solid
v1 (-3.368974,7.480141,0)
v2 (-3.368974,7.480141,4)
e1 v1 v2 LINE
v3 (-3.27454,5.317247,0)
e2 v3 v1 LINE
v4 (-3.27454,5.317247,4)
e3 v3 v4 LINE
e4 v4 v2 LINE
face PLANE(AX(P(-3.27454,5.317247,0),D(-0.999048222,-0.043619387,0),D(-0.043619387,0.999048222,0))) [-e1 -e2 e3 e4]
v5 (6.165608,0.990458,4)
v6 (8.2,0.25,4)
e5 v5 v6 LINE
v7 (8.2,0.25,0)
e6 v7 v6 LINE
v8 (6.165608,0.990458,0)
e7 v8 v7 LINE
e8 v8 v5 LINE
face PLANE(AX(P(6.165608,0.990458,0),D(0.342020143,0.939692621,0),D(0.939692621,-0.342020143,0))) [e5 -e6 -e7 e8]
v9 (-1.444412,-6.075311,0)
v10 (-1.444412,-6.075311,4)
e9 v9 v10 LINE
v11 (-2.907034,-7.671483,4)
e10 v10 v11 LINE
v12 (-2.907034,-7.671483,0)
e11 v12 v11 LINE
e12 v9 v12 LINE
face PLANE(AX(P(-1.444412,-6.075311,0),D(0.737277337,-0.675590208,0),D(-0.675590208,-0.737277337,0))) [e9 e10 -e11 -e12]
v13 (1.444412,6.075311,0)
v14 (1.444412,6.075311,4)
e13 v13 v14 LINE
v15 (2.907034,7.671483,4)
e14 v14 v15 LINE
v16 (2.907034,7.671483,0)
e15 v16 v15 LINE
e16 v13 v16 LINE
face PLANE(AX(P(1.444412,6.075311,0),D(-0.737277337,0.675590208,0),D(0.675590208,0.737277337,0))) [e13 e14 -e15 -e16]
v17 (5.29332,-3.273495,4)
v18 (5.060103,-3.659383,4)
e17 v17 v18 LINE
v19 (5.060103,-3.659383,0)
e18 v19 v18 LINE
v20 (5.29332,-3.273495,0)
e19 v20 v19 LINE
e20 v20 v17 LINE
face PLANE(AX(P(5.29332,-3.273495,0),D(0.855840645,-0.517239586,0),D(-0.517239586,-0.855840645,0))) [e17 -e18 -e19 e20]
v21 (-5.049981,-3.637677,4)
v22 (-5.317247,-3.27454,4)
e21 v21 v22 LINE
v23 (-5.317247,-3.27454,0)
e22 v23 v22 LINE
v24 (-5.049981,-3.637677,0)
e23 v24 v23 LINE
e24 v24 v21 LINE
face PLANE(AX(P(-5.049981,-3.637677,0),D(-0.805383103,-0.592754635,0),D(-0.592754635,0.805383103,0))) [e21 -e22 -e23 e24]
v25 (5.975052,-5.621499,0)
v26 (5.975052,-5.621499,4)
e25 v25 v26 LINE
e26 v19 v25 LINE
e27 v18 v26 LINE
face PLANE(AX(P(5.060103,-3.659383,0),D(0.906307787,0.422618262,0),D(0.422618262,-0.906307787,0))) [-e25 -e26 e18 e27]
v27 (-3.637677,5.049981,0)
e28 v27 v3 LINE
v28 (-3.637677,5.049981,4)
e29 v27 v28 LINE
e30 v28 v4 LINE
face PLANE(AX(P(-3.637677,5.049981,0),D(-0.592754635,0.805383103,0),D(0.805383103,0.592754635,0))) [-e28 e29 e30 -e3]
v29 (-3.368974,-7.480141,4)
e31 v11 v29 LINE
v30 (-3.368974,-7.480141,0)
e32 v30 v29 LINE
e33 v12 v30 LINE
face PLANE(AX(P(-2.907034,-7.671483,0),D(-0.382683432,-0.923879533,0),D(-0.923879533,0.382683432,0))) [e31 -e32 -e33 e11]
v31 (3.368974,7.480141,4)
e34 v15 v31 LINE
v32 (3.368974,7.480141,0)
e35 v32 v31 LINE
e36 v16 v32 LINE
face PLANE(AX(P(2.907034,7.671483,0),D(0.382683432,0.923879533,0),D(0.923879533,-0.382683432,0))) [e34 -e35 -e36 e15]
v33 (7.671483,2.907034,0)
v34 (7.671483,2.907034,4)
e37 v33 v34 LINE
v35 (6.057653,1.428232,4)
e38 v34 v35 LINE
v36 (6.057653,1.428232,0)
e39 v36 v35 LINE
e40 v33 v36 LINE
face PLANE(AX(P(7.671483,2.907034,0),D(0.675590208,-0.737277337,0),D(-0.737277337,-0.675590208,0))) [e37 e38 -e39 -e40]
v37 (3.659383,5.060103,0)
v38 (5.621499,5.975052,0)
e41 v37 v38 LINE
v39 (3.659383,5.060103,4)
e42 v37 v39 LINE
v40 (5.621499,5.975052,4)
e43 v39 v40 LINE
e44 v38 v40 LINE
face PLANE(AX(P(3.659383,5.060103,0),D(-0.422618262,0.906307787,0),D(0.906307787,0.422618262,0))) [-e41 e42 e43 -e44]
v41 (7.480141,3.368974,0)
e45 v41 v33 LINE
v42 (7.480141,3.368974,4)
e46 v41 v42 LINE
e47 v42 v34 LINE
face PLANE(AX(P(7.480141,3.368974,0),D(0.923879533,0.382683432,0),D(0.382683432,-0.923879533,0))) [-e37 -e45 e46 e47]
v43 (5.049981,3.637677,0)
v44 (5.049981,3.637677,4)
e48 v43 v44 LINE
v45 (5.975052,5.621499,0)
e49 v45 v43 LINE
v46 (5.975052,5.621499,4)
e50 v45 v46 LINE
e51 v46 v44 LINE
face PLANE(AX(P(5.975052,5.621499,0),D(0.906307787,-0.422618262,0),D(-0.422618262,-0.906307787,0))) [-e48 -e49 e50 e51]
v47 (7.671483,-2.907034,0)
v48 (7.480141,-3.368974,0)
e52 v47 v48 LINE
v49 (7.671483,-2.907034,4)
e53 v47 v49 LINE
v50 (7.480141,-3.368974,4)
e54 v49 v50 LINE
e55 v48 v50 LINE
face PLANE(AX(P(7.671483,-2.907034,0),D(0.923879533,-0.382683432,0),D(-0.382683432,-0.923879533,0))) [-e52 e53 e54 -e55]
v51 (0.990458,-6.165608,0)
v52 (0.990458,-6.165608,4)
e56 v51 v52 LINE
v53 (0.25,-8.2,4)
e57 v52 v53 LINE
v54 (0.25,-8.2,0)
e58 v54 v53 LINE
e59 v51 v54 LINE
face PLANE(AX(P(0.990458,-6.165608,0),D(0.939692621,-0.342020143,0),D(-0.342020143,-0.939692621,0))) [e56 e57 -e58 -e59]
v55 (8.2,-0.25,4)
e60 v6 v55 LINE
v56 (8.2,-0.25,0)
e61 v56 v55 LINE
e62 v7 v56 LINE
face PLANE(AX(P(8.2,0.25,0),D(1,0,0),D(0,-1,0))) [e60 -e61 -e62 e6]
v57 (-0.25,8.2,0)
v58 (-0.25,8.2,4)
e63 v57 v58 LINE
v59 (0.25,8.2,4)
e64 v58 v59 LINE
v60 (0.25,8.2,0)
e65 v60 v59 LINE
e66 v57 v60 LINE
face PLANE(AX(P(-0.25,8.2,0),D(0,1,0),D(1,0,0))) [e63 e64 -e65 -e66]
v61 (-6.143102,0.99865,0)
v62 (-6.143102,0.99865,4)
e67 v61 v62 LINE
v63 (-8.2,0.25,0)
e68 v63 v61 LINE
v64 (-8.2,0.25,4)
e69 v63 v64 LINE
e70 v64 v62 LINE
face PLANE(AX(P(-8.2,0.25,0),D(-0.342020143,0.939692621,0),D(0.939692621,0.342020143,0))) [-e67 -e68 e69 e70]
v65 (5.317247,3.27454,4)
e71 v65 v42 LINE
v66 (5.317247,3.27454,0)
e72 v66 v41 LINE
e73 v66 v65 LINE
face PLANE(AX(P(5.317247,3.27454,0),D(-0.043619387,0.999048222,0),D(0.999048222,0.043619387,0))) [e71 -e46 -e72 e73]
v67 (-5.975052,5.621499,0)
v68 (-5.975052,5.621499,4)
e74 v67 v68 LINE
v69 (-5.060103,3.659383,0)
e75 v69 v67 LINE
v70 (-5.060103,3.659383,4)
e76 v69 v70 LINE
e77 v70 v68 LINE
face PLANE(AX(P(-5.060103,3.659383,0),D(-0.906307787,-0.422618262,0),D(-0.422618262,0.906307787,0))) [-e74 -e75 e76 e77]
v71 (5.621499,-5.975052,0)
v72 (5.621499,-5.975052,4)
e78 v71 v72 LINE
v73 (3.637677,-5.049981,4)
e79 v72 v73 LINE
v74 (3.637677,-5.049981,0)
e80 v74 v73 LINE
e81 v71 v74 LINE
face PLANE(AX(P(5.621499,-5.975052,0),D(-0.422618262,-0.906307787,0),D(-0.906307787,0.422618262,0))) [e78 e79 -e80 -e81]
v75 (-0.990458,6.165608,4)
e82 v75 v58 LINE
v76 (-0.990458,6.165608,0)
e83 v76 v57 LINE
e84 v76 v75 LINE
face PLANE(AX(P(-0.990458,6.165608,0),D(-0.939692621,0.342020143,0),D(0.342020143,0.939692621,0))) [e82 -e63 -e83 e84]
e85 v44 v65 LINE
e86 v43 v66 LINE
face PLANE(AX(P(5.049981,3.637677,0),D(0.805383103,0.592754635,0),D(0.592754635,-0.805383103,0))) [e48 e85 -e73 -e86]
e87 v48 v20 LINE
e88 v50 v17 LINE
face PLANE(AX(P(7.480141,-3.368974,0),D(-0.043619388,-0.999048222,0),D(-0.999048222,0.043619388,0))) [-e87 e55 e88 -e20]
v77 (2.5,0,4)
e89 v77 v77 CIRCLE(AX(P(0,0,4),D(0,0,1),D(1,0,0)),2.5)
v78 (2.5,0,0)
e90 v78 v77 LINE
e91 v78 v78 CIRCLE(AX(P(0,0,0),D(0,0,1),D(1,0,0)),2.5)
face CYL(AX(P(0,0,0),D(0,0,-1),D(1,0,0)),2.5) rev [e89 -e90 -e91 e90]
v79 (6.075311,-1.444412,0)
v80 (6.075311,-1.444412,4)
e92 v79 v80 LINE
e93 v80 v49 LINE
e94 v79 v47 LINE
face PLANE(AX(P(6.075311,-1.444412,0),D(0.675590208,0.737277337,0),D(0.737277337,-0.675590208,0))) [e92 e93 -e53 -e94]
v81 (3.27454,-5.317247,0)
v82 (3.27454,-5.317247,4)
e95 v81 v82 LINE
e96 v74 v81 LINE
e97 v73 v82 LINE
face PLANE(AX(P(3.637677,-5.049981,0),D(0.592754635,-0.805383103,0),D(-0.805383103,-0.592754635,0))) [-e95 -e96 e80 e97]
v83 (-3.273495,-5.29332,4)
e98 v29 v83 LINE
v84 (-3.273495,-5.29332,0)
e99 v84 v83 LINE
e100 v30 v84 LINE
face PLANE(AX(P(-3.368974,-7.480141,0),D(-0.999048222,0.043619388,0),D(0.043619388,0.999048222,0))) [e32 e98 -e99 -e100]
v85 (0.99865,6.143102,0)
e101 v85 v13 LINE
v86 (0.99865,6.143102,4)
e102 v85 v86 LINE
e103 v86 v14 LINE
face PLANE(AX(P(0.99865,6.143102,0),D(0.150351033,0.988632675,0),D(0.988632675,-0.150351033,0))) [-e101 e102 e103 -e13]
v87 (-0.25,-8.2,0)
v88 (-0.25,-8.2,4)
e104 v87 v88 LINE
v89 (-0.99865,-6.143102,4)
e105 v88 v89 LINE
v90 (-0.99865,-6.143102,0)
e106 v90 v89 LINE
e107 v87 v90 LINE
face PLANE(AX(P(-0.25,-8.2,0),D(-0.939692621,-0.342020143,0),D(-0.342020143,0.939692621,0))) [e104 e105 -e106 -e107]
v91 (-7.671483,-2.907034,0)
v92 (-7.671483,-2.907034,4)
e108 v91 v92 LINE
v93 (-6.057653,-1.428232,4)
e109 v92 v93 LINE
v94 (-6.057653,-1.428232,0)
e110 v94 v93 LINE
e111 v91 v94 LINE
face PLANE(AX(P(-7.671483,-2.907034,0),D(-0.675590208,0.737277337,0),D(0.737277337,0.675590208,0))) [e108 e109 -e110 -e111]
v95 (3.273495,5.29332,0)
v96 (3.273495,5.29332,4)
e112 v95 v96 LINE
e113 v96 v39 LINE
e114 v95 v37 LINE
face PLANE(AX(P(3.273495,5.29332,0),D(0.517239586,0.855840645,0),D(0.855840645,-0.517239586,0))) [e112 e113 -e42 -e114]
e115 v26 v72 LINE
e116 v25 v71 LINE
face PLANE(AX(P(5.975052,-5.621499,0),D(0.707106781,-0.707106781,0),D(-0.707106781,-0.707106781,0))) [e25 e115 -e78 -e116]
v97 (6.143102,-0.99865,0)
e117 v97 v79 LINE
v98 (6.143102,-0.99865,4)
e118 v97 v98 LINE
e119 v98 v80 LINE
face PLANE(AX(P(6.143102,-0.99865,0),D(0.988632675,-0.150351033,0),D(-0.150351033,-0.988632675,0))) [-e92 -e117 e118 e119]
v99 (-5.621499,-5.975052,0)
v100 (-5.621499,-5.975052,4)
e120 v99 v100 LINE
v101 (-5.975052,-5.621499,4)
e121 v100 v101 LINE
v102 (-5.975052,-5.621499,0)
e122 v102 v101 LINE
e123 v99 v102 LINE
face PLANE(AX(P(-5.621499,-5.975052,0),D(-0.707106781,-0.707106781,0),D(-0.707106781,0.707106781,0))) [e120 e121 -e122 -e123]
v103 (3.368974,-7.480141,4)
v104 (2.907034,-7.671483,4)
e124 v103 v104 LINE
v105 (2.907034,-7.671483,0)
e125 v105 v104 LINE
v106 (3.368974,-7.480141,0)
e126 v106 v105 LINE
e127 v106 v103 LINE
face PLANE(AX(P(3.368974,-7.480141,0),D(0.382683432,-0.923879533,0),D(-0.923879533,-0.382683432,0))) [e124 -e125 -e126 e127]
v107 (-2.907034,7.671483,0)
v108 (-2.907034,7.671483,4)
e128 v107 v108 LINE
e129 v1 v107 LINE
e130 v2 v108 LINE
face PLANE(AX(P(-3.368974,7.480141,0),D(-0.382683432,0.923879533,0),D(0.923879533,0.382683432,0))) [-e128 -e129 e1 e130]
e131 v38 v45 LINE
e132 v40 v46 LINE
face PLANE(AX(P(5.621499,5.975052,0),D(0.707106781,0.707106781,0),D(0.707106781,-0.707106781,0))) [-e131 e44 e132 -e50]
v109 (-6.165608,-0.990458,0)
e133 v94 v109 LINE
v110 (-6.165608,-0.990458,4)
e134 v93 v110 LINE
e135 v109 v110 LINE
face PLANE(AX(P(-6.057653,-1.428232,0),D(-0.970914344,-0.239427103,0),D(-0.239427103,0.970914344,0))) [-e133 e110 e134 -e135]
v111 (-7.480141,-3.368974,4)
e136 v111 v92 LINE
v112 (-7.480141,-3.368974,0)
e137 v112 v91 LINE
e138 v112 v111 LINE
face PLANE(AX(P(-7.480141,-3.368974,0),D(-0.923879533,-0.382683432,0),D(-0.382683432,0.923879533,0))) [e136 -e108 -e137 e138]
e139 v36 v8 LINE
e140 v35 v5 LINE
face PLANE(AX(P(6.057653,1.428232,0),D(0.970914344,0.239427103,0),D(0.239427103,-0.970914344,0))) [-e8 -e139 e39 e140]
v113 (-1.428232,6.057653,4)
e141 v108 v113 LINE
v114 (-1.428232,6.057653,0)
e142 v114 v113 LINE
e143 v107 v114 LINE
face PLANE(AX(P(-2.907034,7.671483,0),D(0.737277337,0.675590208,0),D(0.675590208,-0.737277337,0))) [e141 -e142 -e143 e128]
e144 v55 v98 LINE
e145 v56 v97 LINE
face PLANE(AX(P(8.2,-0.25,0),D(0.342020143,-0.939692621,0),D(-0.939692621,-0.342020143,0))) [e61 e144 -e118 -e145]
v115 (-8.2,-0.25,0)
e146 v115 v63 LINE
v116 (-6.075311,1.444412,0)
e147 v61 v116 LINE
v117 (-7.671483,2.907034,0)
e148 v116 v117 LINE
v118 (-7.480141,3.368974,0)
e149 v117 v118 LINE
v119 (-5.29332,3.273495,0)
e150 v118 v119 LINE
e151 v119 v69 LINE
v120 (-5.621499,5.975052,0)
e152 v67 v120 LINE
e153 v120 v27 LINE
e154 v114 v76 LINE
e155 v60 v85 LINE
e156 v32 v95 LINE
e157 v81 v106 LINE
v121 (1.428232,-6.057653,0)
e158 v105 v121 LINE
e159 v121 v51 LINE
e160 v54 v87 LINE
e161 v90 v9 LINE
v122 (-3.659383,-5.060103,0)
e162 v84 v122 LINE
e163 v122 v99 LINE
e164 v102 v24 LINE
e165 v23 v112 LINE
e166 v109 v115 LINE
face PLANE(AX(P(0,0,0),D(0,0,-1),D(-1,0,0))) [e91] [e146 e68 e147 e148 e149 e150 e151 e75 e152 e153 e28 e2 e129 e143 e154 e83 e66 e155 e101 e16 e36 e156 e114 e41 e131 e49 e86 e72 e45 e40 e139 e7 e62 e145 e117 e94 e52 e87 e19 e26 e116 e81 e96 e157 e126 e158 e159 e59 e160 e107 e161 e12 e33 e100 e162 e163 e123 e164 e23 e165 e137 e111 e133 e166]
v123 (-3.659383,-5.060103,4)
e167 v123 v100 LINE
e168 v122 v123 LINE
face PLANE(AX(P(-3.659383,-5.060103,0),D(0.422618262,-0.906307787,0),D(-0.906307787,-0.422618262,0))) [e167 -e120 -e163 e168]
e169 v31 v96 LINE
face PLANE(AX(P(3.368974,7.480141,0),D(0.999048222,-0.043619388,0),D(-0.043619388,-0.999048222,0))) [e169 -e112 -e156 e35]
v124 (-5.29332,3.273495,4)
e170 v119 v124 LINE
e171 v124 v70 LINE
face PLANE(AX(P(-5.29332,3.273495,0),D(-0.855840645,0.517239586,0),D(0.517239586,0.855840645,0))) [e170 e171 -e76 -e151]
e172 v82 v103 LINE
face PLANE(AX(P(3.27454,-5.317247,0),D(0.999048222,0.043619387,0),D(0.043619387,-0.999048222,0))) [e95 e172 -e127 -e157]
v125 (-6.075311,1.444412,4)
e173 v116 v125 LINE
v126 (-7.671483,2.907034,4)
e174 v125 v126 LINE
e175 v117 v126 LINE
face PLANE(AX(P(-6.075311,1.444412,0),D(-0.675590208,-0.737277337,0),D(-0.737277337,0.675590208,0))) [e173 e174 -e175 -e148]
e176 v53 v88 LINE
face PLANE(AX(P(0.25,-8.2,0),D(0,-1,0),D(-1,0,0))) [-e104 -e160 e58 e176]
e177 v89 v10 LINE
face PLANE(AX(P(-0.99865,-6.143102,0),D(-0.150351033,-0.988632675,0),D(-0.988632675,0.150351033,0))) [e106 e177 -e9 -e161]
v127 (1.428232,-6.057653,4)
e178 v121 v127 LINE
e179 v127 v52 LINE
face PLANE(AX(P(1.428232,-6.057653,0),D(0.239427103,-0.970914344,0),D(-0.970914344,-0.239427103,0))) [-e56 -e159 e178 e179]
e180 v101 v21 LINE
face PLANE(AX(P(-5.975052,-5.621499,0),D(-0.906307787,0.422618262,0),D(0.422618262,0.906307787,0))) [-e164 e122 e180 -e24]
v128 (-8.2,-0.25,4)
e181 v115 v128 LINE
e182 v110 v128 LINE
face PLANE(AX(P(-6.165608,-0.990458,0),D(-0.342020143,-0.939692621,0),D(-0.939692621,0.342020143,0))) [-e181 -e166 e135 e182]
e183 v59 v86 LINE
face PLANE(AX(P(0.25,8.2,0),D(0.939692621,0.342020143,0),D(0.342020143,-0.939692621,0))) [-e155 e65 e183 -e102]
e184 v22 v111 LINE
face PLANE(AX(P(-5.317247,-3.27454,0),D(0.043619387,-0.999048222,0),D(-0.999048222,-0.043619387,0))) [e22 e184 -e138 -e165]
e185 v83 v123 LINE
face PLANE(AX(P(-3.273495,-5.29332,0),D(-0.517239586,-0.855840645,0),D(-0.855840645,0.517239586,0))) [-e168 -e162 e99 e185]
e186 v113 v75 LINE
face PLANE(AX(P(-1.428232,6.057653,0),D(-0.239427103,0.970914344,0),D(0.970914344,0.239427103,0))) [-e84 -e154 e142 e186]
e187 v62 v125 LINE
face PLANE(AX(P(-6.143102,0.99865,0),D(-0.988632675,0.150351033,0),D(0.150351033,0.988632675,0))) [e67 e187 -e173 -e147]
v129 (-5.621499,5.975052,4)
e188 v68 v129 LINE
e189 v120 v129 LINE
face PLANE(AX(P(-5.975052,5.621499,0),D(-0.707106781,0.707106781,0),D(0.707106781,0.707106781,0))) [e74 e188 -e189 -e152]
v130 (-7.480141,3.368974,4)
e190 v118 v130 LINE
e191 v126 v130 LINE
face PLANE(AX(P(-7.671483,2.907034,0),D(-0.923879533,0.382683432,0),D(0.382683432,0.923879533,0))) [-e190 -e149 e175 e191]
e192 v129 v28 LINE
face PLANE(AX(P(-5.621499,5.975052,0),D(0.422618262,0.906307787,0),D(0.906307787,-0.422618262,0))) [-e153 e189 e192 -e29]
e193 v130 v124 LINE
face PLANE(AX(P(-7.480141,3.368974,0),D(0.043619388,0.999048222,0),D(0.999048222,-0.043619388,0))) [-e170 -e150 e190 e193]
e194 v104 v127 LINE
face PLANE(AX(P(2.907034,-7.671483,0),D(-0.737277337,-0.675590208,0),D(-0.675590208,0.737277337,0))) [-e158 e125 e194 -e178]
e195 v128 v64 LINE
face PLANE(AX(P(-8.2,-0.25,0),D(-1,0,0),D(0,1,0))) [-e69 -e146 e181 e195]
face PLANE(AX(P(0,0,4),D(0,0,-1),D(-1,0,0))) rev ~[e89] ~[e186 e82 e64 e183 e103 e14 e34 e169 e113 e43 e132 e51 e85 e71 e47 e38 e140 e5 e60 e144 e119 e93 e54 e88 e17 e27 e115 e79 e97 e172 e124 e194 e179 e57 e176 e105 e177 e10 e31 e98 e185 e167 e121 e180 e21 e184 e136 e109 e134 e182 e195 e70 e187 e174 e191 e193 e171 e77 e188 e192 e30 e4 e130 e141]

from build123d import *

# Parameters (mm, degrees)
SKETCH_1_R      = 2.5
EXTRUDE_1_DEPTH = 4


with BuildPart() as part:
    # 草图1 → 凸台-拉伸1 (new body)
    with BuildSketch(Plane.XY):
        Polygon((-0.25, 8.2), (0.25, 8.2), (0.998649517, 6.143102356), (1.444411986, 6.075310901), (2.907034262, 7.671483025), (3.368974029, 7.480141309), (3.273495344, 5.293319907), (3.659383499, 5.060102858), (5.62149891, 5.975052301), (5.975052301, 5.62149891), (5.049981179, 3.637677487), (5.317247046, 3.274540026), (7.480141309, 3.368974029), (7.671483025, 2.907034262), (6.057653158, 1.428231645), (6.165607931, 0.990458158), (8.2, 0.25), (8.2, -0.25), (6.143102356, -0.998649517), (6.075310901, -1.444411986), (7.671483025, -2.907034262), (7.480141309, -3.368974029), (5.293319907, -3.273495344), (5.060102858, -3.659383499), (5.975052301, -5.62149891), (5.62149891, -5.975052301), (3.637677487, -5.049981179), (3.274540026, -5.317247046), (3.368974029, -7.480141309), (2.907034262, -7.671483025), (1.428231645, -6.057653158), (0.990458158, -6.165607931), (0.25, -8.2), (-0.25, -8.2), (-0.998649517, -6.143102356), (-1.444411986, -6.075310901), (-2.907034262, -7.671483025), (-3.368974029, -7.480141309), (-3.273495344, -5.293319907), (-3.659383499, -5.060102858), (-5.62149891, -5.975052301), (-5.975052301, -5.62149891), (-5.049981179, -3.637677487), (-5.317247046, -3.274540026), (-7.480141309, -3.368974029), (-7.671483025, -2.907034262), (-6.057653158, -1.428231645), (-6.165607931, -0.990458158), (-8.2, -0.25), (-8.2, 0.25), (-6.143102356, 0.998649517), (-6.075310901, 1.444411986), (-7.671483025, 2.907034262), (-7.480141309, 3.368974029), (-5.293319907, 3.273495344), (-5.060102858, 3.659383499), (-5.975052301, 5.62149891), (-5.62149891, 5.975052301), (-3.637677487, 5.049981179), (-3.274540026, 5.317247046), (-3.368974029, 7.480141309), (-2.907034262, 7.671483025), (-1.428231645, 6.057653158), (-0.990458158, 6.165607931), align=None)
        Circle(SKETCH_1_R, mode=Mode.SUBTRACT)
    extrude(amount=EXTRUDE_1_DEPTH)


solid = part.part
